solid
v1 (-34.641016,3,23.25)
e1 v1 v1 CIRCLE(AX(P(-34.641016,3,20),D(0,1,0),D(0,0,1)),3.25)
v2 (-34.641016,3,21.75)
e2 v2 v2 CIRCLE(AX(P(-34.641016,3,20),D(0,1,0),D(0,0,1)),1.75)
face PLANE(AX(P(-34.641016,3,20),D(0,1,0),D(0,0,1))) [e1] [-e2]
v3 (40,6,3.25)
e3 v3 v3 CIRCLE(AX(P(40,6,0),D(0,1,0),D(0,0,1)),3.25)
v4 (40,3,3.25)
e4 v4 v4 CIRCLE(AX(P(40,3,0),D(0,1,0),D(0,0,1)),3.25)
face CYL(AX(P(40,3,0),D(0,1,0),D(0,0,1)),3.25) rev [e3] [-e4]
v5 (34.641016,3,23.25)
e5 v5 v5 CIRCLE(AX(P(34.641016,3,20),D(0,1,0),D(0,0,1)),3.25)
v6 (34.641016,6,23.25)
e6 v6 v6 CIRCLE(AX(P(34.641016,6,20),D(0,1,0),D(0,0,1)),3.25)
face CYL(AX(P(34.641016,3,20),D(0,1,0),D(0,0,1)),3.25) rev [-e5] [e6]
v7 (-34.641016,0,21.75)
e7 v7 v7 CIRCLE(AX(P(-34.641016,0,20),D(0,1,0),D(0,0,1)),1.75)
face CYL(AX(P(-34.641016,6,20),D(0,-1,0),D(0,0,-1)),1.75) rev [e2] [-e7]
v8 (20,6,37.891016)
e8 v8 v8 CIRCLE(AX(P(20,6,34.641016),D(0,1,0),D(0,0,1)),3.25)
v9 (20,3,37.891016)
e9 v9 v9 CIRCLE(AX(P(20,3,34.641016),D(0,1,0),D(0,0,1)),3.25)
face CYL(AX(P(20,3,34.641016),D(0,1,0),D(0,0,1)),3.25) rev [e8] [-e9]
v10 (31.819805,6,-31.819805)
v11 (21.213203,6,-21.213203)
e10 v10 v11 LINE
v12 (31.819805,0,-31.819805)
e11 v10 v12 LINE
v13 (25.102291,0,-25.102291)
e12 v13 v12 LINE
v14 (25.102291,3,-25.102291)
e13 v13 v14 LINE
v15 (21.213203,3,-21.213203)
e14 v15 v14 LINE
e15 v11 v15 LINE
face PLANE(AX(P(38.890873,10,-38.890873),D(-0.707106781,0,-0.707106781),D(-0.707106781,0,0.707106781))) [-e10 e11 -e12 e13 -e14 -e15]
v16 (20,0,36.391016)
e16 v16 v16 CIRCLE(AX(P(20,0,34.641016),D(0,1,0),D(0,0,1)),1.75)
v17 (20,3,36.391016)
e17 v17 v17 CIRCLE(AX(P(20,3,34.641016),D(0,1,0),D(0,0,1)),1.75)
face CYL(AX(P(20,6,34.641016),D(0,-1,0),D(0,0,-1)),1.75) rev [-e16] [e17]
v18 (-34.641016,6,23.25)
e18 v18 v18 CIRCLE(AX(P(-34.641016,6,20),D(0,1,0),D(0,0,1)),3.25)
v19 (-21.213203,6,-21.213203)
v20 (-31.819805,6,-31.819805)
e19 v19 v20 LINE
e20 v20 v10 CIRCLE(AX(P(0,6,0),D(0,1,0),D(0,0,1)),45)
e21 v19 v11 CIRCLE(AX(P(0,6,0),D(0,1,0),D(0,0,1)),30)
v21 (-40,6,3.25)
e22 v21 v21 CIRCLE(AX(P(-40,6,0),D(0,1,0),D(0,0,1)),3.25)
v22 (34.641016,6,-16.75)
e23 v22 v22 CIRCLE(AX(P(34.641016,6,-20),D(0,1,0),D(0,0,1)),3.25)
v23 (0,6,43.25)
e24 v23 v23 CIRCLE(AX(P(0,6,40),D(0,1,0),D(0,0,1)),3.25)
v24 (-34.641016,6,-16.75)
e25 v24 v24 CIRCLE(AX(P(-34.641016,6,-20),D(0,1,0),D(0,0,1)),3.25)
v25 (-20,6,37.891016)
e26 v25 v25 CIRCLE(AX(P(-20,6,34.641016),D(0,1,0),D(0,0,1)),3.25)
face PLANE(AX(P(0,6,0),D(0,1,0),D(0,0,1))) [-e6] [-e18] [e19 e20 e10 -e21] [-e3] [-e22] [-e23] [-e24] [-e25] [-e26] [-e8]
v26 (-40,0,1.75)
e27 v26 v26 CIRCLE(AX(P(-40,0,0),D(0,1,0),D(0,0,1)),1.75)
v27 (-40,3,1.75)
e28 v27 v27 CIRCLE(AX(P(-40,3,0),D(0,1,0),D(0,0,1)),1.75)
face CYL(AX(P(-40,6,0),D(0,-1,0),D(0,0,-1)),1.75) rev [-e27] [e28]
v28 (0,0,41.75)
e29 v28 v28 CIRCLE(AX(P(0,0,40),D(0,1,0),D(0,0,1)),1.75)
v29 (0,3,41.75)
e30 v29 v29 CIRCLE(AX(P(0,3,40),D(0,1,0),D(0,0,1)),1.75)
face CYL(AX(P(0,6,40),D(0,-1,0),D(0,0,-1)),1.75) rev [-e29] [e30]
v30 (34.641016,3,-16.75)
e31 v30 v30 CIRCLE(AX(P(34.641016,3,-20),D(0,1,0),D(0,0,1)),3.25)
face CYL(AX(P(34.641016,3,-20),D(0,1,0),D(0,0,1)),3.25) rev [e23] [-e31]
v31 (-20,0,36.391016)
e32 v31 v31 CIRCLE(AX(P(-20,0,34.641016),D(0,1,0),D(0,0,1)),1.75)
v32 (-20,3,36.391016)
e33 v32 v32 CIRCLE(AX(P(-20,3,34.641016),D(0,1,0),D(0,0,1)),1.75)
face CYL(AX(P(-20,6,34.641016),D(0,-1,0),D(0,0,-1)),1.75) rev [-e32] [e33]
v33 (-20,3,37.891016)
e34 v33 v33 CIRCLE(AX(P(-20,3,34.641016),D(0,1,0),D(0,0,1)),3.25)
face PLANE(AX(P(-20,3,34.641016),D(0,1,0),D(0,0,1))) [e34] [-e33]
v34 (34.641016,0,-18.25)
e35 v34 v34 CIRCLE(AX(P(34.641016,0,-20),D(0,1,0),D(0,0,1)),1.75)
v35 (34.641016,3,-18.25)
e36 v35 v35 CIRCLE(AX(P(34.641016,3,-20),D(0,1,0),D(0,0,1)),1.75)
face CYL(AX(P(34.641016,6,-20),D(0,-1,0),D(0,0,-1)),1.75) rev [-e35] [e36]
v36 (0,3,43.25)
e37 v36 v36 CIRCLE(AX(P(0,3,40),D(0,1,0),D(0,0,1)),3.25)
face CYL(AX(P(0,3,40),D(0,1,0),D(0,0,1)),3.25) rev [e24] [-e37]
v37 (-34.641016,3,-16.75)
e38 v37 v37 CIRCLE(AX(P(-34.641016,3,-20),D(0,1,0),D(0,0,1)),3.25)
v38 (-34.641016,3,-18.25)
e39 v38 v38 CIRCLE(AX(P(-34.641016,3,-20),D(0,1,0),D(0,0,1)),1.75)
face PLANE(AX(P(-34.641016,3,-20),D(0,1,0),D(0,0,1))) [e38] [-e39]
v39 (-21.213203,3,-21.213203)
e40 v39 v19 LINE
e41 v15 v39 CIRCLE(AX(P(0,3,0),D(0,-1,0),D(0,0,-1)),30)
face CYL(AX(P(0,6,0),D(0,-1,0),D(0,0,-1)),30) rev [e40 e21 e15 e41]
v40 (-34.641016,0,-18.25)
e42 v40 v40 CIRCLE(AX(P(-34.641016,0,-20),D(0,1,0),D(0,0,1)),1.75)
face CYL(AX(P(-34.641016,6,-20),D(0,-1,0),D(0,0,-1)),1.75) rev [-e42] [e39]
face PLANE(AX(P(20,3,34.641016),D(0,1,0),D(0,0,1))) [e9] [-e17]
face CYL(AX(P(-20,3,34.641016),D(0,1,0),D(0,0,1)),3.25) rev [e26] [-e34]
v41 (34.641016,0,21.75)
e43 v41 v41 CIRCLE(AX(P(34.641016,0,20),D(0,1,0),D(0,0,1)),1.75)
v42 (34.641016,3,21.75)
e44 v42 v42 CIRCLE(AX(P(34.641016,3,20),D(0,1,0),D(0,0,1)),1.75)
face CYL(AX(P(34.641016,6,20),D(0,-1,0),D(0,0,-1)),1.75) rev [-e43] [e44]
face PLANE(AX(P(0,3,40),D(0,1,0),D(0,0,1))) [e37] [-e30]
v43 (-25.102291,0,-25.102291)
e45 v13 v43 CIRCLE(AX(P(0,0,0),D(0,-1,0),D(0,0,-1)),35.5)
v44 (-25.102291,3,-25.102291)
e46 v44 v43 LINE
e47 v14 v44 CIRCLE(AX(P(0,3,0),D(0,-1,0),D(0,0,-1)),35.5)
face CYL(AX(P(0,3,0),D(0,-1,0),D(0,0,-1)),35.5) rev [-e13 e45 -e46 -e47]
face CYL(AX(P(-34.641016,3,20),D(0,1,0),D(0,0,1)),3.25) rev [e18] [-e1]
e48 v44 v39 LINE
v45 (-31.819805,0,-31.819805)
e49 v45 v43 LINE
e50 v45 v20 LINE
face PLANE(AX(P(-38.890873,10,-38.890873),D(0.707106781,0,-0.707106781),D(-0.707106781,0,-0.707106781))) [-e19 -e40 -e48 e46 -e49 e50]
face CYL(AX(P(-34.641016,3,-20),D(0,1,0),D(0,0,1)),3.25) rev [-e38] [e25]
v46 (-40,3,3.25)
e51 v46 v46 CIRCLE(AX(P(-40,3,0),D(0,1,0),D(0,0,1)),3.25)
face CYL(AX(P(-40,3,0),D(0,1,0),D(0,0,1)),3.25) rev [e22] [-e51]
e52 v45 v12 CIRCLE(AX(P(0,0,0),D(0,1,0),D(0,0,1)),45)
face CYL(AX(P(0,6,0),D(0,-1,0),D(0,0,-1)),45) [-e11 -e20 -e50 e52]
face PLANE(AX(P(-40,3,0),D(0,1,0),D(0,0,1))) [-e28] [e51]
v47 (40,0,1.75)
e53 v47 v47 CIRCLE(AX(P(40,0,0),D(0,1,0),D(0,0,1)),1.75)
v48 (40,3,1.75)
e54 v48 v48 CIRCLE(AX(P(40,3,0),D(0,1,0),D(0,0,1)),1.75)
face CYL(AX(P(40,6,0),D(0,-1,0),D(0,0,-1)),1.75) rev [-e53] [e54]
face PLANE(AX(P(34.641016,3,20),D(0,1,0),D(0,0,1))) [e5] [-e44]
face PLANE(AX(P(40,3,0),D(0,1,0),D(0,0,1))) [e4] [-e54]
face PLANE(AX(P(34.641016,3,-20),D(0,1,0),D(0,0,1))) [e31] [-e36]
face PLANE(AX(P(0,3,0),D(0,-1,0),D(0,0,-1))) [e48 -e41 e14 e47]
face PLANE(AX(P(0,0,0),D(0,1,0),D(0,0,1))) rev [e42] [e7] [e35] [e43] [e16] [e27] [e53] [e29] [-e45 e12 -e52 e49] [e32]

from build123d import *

# Parameters (mm, degrees)
SKETCH1_R           = 45
SKETCH1_R_2         = 30
SKETCH1_R_3         = 1.75
BOSS_EXTRUDE1_DEPTH = 6
SKETCH2_R           = 35.5
CUT_EXTRUDE1_DEPTH  = 3
SKETCH3_R           = 3.25
CUT_EXTRUDE2_DEPTH  = 3
CUT_EXTRUDE4_DEPTH  = 10


with BuildPart() as part:
    # Sketch1 → Boss-Extrude1 (new body)
    with BuildSketch(Plane(origin=(0, 0, 0), x_dir=(1, 0, 0), z_dir=(0, 1, 0))):
        with Locations(Location((0, 0, 0), (0, 0, 270))):
            Circle(SKETCH1_R)
        with Locations(Location((0, 0, 0), (0, 0, 270))):
            Circle(SKETCH1_R_2, mode=Mode.SUBTRACT)
        with Locations(Location((0, 40, 0), (0, 0, 270))):
            Circle(SKETCH1_R_3, mode=Mode.SUBTRACT)
        with Locations(Location((20, 34.641016151, 0), (0, 0, 270))):
            Circle(SKETCH1_R_3, mode=Mode.SUBTRACT)
        with Locations(Location((34.641016151, 20, 0), (0, 0, 270))):
            Circle(SKETCH1_R_3, mode=Mode.SUBTRACT)
        with Locations(Location((40, 0, 0), (0, 0, 270))):
            Circle(SKETCH1_R_3, mode=Mode.SUBTRACT)
        with Locations(Location((34.641016151, -20, 0), (0, 0, 270))):
            Circle(SKETCH1_R_3, mode=Mode.SUBTRACT)
        with Locations(Location((20, -34.641016151, 0), (0, 0, 270))):
            Circle(SKETCH1_R_3, mode=Mode.SUBTRACT)
        with Locations(Location((0, -40, 0), (0, 0, 270))):
            Circle(SKETCH1_R_3, mode=Mode.SUBTRACT)
        with Locations(Location((-20, -34.641016151, 0), (0, 0, 270))):
            Circle(SKETCH1_R_3, mode=Mode.SUBTRACT)
        with Locations(Location((-34.641016151, -20, 0), (0, 0, 270))):
            Circle(SKETCH1_R_3, mode=Mode.SUBTRACT)
        with Locations(Location((-40, 0, 0), (0, 0, 270))):
            Circle(SKETCH1_R_3, mode=Mode.SUBTRACT)
        with Locations(Location((-34.641016151, 20, 0), (0, 0, 270))):
            Circle(SKETCH1_R_3, mode=Mode.SUBTRACT)
        with Locations(Location((-20, 34.641016151, 0), (0, 0, 270))):
            Circle(SKETCH1_R_3, mode=Mode.SUBTRACT)
    extrude(amount=BOSS_EXTRUDE1_DEPTH)

    # Sketch2 → Cut-Extrude1 (cut)
    with BuildSketch(Plane.XZ):
        with Locations(Location((0, 0, 0), (0, 0, 270))):
            Circle(SKETCH2_R)
    extrude(amount=-CUT_EXTRUDE1_DEPTH, mode=Mode.SUBTRACT)

    # Sketch3 → Cut-Extrude2 (cut)
    with BuildSketch(Plane(origin=(0, 6, 0), x_dir=(1, 0, 0), z_dir=(0, 1, 0))):
        with Locations(Location((40, 0, 0), (0, 0, 270))):
            Circle(SKETCH3_R)
        with Locations(Location((34.641016151, -20, 0), (0, 0, 270))):
            Circle(SKETCH3_R)
        with Locations(Location((20, -34.641016151, 0), (0, 0, 270))):
            Circle(SKETCH3_R)
        with Locations(Location((0, -40, 0), (0, 0, 270))):
            Circle(SKETCH3_R)
        with Locations(Location((-20, -34.641016151, 0), (0, 0, 270))):
            Circle(SKETCH3_R)
        with Locations(Location((-34.641016151, -20, 0), (0, 0, 270))):
            Circle(SKETCH3_R)
        with Locations(Location((-40, 0, 0), (0, 0, 270))):
            Circle(SKETCH3_R)
        with Locations(Location((-34.641016151, 20, 0), (0, 0, 270))):
            Circle(SKETCH3_R)
        with Locations(Location((-20, 34.641016151, 0), (0, 0, 270))):
            Circle(SKETCH3_R)
        with Locations(Location((0, 40, 0), (0, 0, 270))):
            Circle(SKETCH3_R)
        with Locations(Location((20, 34.641016151, 0), (0, 0, 270))):
            Circle(SKETCH3_R)
        with Locations(Location((34.641016151, 20, 0), (0, 0, 270))):
            Circle(SKETCH3_R)
    extrude(amount=-CUT_EXTRUDE2_DEPTH, mode=Mode.SUBTRACT)

    # Sketch5 → Cut-Extrude4 (cut)
    with BuildSketch(Plane(origin=(0, 0, 0), x_dir=(1, 0, 0), z_dir=(0, 1, 0))):
        with BuildLine():
            Line((38.890872965, 38.890872965), (0, 0))
            Line((0, 0), (-38.890872965, 38.890872965))
            ThreePointArc((-38.890872965, 38.890872965), (0, 55), (38.890872965, 38.890872965))
        make_face()
    extrude(amount=CUT_EXTRUDE4_DEPTH, mode=Mode.SUBTRACT)


solid = part.part
